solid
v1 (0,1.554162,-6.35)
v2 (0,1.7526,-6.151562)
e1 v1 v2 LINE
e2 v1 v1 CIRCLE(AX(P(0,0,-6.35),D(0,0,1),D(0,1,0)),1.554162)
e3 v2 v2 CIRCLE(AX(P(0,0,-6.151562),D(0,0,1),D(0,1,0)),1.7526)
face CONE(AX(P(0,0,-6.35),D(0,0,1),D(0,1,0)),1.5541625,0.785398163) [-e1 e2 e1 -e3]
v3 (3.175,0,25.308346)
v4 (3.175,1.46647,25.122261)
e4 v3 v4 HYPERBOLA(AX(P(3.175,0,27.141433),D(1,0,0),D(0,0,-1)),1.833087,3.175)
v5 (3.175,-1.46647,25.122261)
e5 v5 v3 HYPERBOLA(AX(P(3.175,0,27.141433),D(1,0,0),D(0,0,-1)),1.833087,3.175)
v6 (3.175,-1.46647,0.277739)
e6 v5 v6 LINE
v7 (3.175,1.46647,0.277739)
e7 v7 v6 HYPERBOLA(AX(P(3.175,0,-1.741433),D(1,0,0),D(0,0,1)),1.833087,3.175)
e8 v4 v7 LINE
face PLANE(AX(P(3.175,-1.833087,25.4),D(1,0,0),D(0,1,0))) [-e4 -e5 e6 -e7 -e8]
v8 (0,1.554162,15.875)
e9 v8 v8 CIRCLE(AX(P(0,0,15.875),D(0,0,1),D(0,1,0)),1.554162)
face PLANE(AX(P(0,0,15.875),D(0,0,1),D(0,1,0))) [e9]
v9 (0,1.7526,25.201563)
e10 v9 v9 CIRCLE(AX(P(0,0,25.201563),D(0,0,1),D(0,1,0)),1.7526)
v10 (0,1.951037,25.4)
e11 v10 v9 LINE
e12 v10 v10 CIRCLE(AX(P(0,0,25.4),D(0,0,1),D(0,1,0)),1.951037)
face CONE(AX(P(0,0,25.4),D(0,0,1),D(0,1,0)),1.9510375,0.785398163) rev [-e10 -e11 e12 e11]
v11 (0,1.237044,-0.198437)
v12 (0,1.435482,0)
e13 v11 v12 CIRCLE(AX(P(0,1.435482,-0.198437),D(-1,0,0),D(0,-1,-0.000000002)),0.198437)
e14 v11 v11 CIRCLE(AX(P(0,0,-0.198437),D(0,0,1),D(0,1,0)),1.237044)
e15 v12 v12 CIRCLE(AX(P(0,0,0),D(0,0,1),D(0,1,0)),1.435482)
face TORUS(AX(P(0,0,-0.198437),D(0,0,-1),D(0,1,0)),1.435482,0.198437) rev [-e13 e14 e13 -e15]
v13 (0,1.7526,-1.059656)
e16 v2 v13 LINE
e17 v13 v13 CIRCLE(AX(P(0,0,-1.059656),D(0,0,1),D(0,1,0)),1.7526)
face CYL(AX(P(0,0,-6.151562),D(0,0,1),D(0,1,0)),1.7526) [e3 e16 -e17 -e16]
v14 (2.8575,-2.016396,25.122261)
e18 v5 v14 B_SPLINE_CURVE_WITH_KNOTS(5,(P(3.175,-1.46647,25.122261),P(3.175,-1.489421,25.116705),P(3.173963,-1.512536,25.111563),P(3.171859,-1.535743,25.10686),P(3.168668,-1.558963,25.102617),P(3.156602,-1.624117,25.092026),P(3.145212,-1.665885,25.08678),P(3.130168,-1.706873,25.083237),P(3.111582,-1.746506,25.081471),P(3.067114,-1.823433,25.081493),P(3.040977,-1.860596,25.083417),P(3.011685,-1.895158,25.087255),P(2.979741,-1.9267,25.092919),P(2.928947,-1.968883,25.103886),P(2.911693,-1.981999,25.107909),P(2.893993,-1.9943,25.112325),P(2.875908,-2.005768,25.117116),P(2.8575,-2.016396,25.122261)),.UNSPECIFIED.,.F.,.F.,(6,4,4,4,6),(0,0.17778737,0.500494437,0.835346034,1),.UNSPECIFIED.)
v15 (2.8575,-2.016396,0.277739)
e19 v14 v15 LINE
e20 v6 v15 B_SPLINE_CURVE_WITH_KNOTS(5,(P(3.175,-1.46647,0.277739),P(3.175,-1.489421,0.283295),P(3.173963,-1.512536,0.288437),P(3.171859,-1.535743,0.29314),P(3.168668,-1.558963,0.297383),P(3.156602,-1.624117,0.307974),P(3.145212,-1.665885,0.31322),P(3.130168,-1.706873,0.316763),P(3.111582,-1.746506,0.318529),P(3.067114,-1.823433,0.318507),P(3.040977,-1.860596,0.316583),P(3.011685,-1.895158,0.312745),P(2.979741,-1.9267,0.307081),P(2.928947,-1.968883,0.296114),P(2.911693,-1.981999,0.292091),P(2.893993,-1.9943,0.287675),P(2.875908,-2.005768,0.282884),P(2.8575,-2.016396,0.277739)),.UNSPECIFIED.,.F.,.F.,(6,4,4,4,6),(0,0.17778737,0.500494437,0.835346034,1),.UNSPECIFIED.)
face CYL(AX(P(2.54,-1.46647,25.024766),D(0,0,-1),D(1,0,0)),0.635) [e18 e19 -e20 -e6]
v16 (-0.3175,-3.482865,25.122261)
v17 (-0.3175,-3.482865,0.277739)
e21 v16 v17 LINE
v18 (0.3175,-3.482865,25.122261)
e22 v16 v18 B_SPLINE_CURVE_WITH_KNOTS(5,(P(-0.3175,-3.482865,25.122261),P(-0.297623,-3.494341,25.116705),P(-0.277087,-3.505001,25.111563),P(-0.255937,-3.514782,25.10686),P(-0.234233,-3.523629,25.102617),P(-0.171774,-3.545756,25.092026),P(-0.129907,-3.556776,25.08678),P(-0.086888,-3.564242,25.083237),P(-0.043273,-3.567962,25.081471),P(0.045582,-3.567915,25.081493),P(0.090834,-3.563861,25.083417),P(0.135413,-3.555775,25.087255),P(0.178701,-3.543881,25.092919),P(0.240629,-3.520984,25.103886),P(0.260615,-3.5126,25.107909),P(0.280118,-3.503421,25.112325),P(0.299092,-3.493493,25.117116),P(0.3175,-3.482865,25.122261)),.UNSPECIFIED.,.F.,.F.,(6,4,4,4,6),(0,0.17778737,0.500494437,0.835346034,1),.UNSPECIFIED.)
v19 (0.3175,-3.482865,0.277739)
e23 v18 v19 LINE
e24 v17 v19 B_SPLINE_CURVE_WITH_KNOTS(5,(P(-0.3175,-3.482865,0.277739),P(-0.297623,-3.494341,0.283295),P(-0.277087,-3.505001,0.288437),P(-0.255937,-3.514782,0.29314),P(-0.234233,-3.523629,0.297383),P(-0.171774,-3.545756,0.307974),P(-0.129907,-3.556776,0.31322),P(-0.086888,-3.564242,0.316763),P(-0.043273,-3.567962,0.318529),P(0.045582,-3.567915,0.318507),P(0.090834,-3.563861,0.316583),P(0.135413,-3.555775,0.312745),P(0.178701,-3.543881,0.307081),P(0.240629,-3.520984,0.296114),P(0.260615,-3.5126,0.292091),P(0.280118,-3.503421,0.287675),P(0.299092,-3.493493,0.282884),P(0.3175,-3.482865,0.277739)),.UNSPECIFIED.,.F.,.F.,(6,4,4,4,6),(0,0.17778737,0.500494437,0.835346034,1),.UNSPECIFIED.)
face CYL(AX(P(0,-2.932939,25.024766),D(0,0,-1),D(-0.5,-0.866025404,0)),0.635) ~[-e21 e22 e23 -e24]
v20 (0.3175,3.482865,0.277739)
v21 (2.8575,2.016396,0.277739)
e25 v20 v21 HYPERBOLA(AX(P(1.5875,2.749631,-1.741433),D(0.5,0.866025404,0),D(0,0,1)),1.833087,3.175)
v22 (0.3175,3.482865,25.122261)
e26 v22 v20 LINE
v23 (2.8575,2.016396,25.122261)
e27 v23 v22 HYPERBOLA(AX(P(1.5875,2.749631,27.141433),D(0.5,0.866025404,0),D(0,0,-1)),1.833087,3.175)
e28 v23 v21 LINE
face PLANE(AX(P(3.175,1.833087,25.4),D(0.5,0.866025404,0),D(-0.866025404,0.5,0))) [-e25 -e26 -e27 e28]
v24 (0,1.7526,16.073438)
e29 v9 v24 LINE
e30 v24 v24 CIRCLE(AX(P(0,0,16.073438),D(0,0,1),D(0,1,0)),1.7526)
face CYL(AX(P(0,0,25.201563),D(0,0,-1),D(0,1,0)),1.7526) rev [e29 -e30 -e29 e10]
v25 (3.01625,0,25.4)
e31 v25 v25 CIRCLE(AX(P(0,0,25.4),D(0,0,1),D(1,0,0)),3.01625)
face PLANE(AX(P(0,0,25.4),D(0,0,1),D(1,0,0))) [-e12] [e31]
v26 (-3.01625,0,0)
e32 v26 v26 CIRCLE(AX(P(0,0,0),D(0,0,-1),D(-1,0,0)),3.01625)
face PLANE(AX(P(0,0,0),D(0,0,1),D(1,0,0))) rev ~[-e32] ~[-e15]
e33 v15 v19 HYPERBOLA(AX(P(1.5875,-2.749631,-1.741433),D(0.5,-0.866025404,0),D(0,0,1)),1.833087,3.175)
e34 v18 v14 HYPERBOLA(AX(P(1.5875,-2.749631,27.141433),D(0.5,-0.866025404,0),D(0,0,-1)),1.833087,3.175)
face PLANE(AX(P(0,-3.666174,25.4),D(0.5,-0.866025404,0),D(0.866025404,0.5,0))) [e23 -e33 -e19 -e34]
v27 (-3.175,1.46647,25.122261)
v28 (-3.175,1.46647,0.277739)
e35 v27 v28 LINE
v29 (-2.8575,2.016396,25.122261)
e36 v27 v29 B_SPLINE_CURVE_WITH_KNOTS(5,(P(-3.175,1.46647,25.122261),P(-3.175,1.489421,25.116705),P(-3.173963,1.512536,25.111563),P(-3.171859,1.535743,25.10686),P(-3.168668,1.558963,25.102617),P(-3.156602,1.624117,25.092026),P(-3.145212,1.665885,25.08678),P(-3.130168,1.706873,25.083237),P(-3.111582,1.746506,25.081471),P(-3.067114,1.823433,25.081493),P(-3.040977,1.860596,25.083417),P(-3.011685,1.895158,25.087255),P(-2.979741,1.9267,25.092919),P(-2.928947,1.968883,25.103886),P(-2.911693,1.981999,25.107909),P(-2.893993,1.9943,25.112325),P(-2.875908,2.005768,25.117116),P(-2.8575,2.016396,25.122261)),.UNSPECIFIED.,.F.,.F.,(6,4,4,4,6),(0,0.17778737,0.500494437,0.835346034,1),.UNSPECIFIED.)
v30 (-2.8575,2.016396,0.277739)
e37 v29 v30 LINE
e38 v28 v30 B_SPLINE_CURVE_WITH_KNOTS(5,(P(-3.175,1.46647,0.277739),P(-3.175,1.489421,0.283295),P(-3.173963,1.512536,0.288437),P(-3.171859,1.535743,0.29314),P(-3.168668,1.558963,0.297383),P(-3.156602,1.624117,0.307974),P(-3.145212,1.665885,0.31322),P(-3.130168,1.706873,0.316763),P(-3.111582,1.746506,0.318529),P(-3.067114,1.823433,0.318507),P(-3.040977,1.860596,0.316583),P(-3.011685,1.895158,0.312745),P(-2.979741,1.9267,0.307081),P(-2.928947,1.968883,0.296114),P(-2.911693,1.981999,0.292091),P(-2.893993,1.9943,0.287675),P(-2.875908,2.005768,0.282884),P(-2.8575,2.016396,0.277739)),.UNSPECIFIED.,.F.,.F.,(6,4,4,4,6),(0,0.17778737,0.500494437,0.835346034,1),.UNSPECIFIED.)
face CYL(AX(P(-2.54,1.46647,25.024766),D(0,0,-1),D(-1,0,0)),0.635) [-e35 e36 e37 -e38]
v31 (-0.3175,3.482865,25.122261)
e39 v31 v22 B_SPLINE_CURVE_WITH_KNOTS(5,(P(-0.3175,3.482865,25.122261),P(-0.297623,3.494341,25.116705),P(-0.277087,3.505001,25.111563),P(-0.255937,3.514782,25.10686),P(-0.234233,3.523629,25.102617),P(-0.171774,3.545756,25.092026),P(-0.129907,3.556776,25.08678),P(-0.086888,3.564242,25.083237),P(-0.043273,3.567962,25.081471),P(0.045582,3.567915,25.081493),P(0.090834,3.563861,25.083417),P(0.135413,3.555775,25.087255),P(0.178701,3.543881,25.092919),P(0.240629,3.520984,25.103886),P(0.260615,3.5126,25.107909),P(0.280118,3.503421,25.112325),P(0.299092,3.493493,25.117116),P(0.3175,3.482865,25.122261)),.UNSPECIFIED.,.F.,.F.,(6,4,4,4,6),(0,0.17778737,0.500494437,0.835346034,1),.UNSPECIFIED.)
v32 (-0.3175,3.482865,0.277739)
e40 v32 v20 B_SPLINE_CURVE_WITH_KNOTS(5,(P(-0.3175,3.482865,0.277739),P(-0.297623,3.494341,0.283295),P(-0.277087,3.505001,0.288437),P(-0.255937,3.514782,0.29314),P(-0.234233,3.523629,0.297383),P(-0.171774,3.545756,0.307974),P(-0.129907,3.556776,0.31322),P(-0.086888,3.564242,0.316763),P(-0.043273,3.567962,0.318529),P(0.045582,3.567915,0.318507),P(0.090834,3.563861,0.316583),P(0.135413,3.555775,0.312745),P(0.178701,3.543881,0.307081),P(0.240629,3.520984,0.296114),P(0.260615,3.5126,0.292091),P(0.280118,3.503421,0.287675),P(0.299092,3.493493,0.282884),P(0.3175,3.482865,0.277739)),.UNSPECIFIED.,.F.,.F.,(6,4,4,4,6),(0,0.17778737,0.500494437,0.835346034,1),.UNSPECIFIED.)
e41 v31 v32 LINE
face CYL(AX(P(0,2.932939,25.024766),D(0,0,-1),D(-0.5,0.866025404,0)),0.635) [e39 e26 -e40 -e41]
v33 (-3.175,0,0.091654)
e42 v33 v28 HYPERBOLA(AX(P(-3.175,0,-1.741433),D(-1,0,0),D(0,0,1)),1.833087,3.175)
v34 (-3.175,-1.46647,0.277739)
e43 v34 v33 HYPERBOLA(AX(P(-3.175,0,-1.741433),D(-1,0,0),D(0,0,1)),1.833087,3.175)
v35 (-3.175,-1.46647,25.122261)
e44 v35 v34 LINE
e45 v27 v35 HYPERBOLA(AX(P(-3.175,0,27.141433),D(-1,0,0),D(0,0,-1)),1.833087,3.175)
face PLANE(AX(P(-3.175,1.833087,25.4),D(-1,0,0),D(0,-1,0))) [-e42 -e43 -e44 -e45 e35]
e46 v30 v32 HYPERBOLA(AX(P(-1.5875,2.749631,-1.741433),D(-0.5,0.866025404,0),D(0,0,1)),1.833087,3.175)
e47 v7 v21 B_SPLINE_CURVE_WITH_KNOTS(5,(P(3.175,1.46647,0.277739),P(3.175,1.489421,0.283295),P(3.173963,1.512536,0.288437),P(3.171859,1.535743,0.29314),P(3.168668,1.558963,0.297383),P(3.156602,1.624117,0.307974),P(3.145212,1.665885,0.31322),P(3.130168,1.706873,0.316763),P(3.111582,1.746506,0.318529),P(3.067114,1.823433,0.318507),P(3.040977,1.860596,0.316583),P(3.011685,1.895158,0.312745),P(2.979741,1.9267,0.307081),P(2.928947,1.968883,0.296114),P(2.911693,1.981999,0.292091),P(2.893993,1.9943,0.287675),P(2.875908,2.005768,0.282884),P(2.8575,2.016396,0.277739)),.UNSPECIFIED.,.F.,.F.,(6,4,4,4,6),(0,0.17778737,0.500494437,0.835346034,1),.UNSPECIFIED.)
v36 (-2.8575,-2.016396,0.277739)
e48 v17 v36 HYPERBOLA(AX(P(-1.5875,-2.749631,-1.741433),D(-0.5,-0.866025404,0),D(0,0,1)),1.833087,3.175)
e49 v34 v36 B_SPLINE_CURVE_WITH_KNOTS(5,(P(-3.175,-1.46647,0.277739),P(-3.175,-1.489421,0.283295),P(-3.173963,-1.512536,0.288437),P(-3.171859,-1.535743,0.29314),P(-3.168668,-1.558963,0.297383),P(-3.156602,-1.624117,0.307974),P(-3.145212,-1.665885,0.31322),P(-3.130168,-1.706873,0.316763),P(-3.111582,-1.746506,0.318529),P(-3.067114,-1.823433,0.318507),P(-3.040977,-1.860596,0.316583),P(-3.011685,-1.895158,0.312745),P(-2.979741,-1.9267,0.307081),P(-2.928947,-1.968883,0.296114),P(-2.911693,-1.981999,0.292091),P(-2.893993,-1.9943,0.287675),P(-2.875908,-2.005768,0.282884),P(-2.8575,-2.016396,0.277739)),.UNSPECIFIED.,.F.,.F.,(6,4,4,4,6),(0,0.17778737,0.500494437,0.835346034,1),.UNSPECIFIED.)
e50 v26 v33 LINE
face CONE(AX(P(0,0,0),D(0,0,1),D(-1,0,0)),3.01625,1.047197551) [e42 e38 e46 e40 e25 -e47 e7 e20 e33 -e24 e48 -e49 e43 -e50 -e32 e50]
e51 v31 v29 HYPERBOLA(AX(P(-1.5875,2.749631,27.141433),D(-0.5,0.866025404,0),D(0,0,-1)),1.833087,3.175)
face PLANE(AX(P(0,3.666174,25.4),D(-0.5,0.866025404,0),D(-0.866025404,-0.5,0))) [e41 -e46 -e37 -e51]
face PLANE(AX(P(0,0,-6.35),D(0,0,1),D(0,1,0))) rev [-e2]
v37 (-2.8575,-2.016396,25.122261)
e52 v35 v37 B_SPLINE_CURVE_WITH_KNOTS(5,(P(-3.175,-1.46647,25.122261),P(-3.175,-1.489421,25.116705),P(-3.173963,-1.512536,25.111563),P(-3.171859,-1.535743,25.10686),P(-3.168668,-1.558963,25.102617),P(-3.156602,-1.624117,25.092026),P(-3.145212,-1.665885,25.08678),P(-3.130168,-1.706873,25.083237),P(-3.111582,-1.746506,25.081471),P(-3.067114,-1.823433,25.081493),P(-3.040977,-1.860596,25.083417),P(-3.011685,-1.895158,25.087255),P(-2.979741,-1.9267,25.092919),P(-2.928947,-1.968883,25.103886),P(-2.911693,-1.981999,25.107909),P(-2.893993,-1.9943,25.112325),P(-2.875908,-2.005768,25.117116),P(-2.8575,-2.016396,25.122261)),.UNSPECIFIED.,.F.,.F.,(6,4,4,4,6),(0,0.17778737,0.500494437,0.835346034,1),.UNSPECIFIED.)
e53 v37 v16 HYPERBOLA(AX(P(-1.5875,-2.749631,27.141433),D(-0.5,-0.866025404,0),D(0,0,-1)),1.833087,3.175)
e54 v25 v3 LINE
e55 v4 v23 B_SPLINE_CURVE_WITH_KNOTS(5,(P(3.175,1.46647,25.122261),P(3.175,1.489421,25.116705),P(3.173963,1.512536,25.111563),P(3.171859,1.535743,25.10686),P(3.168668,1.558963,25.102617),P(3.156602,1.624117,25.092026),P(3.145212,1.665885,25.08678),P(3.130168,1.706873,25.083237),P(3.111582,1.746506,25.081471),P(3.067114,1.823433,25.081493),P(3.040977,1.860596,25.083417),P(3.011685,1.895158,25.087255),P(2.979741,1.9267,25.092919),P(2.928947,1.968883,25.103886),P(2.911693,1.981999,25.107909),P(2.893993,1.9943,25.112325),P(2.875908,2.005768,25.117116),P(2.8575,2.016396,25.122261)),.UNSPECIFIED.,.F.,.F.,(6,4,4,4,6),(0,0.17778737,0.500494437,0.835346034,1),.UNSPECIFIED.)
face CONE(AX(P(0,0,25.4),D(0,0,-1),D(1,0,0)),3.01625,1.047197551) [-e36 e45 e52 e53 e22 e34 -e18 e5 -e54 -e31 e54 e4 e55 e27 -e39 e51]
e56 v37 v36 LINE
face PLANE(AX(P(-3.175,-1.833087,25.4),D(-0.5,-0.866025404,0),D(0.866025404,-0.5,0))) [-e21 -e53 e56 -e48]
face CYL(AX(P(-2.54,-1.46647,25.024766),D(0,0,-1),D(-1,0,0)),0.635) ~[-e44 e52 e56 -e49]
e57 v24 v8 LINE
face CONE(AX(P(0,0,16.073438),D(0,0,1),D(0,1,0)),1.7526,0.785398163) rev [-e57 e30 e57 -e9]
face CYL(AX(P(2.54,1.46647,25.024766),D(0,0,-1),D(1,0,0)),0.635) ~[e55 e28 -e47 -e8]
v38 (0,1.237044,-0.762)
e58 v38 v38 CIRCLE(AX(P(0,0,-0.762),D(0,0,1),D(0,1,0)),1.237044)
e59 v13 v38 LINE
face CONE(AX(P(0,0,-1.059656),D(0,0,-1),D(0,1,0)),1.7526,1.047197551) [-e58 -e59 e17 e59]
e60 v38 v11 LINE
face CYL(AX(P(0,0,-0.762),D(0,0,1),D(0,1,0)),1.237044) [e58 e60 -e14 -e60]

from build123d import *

# Parameters (mm, degrees)
SKETCH4_R           = 2.4638
BOSS_EXTRUDE1_DEPTH = 25.4
SKETCH5_OUTSIDE_W   = 129.714
SKETCH5_OUTSIDE_H   = 130.696
SKETCH5_OUTSIDE_R   = 3.01625
CUT_EXTRUDE1_DEPTH  = 33.11828075
CUT_EXTRUDE1_DRAFT  = -60
SKETCH6_OUTSIDE_W   = 108.032
SKETCH6_OUTSIDE_H   = 109.014
SKETCH6_OUTSIDE_R   = 3.01625
CUT_EXTRUDE2_DEPTH  = 26.858875813
CUT_EXTRUDE2_DRAFT  = -60
FILLET1_R           = 0.635


with BuildPart() as part:
    # Sketch3 → Revolve1 (revolve)
    with BuildSketch(Plane(origin=(0, 0, 0), x_dir=(0, 0, -1), z_dir=(1, 0, 0))):
        with BuildLine():
            Line((-15.875, 1.5541625), (-15.875, 0))
            Line((-15.875, 0), (6.35, 0))
            Line((6.35, 0), (6.35, 1.5541625))
            Line((6.35, 1.5541625), (6.1515625, 1.7526))
            Line((6.1515625, 1.7526), (1.05965625, 1.7526))
            Line((1.05965625, 1.7526), (0.762, 1.237044252))
            Line((0.762, 1.237044252), (0.1984375, 1.237044252))
            ThreePointArc((0.1984375, 1.237044252), (0.058120998, 1.29516525), (0, 1.435481752))
            Line((0, 1.435481752), (0, 3.175))
            Line((0, 3.175), (-25.4, 3.175))
            Line((-25.4, 3.175), (-25.4, 1.9510375))
            Line((-25.4, 1.9510375), (-25.2015625, 1.7526))
            Line((-25.2015625, 1.7526), (-16.0734375, 1.7526))
            Line((-16.0734375, 1.7526), (-15.875, 1.5541625))
        make_face()
    revolve(axis=Axis((0, 0, -6.35), (0, 0, 1)))

    # Sketch4 → Boss-Extrude1 (add)
    with BuildSketch(Plane.XY.offset(25.4)):
        Polygon((-3.175, 1.833087105), (-3.175, -1.833087105), (0, -3.666174209), (3.175, -1.833087105), (3.175, 1.833087105), (0, 3.666174209), align=None)
        Circle(SKETCH4_R, mode=Mode.SUBTRACT)
    extrude(amount=-BOSS_EXTRUDE1_DEPTH)


with BuildPart() as cut_extrude1_tool:
    # Sketch5 outside → Cut-Extrude1 (with draft: the straight prism first)
    with BuildSketch(Plane.XY.offset(25.4)):
        Rectangle(SKETCH5_OUTSIDE_W, SKETCH5_OUTSIDE_H)
        Circle(SKETCH5_OUTSIDE_R, mode=Mode.SUBTRACT)
    extrude(amount=-CUT_EXTRUDE1_DEPTH)
    # Cut-Extrude1: the draft: its side faces are tilted about the plane it starts from
    cut_extrude1_sides = [cut_extrude1_tool.faces().sort_by_distance(p)[0] for p in [
        (0, -65.348, 8.840859625),
        (64.857, 0, 8.840859625),
        (0, 65.348, 8.840859625),
        (-64.857, 0, 8.840859625),
        (-3.01625, 0, 8.840859625),
    ]]
    draft(cut_extrude1_sides, Plane.XY.offset(25.4), CUT_EXTRUDE1_DRAFT)


with BuildPart() as part_1:
    add(part.part)

    # Cut-Extrude1: cut by cut_extrude1_tool
    add(cut_extrude1_tool.part, mode=Mode.SUBTRACT)


with BuildPart() as cut_extrude2_tool:
    # Sketch6 outside → Cut-Extrude2 (with draft: the straight prism first)
    with BuildSketch(Plane(origin=(0, 0, 0), x_dir=(-1, 0, 0), z_dir=(0, 0, -1))):
        Rectangle(SKETCH6_OUTSIDE_W, SKETCH6_OUTSIDE_H)
        Circle(SKETCH6_OUTSIDE_R, mode=Mode.SUBTRACT)
    extrude(amount=-CUT_EXTRUDE2_DEPTH)
    # Cut-Extrude2: the draft: its side faces are tilted about the plane it starts from
    cut_extrude2_sides = [cut_extrude2_tool.faces().sort_by_distance(p)[0] for p in [
        (0, -54.507, 13.429437907),
        (-54.016, 0, 13.429437907),
        (0, 54.507, 13.429437907),
        (54.016, 0, 13.429437907),
        (3.01625, 0, 13.429437907),
    ]]
    draft(cut_extrude2_sides, Plane(origin=(0, 0, 0), x_dir=(-1, 0, 0), z_dir=(0, 0, -1)), CUT_EXTRUDE2_DRAFT)


with BuildPart() as part_2:
    add(part_1.part)

    # Cut-Extrude2: cut by cut_extrude2_tool
    add(cut_extrude2_tool.part, mode=Mode.SUBTRACT)

    # Fillet1
    fillet1_edges = [part_2.edges().sort_by_distance(p)[0] for p in [
        (0, 3.666174209, 12.7),
        (-3.175, -1.833087105, 12.7),
        (0, -3.666174209, 12.7),
        (3.175, -1.833087105, 12.7),
        (3.175, 1.833087105, 12.7),
        (-3.175, 1.833087105, 12.7),
    ]]
    fillet(fillet1_edges, radius=FILLET1_R)


solid = part_2.part
